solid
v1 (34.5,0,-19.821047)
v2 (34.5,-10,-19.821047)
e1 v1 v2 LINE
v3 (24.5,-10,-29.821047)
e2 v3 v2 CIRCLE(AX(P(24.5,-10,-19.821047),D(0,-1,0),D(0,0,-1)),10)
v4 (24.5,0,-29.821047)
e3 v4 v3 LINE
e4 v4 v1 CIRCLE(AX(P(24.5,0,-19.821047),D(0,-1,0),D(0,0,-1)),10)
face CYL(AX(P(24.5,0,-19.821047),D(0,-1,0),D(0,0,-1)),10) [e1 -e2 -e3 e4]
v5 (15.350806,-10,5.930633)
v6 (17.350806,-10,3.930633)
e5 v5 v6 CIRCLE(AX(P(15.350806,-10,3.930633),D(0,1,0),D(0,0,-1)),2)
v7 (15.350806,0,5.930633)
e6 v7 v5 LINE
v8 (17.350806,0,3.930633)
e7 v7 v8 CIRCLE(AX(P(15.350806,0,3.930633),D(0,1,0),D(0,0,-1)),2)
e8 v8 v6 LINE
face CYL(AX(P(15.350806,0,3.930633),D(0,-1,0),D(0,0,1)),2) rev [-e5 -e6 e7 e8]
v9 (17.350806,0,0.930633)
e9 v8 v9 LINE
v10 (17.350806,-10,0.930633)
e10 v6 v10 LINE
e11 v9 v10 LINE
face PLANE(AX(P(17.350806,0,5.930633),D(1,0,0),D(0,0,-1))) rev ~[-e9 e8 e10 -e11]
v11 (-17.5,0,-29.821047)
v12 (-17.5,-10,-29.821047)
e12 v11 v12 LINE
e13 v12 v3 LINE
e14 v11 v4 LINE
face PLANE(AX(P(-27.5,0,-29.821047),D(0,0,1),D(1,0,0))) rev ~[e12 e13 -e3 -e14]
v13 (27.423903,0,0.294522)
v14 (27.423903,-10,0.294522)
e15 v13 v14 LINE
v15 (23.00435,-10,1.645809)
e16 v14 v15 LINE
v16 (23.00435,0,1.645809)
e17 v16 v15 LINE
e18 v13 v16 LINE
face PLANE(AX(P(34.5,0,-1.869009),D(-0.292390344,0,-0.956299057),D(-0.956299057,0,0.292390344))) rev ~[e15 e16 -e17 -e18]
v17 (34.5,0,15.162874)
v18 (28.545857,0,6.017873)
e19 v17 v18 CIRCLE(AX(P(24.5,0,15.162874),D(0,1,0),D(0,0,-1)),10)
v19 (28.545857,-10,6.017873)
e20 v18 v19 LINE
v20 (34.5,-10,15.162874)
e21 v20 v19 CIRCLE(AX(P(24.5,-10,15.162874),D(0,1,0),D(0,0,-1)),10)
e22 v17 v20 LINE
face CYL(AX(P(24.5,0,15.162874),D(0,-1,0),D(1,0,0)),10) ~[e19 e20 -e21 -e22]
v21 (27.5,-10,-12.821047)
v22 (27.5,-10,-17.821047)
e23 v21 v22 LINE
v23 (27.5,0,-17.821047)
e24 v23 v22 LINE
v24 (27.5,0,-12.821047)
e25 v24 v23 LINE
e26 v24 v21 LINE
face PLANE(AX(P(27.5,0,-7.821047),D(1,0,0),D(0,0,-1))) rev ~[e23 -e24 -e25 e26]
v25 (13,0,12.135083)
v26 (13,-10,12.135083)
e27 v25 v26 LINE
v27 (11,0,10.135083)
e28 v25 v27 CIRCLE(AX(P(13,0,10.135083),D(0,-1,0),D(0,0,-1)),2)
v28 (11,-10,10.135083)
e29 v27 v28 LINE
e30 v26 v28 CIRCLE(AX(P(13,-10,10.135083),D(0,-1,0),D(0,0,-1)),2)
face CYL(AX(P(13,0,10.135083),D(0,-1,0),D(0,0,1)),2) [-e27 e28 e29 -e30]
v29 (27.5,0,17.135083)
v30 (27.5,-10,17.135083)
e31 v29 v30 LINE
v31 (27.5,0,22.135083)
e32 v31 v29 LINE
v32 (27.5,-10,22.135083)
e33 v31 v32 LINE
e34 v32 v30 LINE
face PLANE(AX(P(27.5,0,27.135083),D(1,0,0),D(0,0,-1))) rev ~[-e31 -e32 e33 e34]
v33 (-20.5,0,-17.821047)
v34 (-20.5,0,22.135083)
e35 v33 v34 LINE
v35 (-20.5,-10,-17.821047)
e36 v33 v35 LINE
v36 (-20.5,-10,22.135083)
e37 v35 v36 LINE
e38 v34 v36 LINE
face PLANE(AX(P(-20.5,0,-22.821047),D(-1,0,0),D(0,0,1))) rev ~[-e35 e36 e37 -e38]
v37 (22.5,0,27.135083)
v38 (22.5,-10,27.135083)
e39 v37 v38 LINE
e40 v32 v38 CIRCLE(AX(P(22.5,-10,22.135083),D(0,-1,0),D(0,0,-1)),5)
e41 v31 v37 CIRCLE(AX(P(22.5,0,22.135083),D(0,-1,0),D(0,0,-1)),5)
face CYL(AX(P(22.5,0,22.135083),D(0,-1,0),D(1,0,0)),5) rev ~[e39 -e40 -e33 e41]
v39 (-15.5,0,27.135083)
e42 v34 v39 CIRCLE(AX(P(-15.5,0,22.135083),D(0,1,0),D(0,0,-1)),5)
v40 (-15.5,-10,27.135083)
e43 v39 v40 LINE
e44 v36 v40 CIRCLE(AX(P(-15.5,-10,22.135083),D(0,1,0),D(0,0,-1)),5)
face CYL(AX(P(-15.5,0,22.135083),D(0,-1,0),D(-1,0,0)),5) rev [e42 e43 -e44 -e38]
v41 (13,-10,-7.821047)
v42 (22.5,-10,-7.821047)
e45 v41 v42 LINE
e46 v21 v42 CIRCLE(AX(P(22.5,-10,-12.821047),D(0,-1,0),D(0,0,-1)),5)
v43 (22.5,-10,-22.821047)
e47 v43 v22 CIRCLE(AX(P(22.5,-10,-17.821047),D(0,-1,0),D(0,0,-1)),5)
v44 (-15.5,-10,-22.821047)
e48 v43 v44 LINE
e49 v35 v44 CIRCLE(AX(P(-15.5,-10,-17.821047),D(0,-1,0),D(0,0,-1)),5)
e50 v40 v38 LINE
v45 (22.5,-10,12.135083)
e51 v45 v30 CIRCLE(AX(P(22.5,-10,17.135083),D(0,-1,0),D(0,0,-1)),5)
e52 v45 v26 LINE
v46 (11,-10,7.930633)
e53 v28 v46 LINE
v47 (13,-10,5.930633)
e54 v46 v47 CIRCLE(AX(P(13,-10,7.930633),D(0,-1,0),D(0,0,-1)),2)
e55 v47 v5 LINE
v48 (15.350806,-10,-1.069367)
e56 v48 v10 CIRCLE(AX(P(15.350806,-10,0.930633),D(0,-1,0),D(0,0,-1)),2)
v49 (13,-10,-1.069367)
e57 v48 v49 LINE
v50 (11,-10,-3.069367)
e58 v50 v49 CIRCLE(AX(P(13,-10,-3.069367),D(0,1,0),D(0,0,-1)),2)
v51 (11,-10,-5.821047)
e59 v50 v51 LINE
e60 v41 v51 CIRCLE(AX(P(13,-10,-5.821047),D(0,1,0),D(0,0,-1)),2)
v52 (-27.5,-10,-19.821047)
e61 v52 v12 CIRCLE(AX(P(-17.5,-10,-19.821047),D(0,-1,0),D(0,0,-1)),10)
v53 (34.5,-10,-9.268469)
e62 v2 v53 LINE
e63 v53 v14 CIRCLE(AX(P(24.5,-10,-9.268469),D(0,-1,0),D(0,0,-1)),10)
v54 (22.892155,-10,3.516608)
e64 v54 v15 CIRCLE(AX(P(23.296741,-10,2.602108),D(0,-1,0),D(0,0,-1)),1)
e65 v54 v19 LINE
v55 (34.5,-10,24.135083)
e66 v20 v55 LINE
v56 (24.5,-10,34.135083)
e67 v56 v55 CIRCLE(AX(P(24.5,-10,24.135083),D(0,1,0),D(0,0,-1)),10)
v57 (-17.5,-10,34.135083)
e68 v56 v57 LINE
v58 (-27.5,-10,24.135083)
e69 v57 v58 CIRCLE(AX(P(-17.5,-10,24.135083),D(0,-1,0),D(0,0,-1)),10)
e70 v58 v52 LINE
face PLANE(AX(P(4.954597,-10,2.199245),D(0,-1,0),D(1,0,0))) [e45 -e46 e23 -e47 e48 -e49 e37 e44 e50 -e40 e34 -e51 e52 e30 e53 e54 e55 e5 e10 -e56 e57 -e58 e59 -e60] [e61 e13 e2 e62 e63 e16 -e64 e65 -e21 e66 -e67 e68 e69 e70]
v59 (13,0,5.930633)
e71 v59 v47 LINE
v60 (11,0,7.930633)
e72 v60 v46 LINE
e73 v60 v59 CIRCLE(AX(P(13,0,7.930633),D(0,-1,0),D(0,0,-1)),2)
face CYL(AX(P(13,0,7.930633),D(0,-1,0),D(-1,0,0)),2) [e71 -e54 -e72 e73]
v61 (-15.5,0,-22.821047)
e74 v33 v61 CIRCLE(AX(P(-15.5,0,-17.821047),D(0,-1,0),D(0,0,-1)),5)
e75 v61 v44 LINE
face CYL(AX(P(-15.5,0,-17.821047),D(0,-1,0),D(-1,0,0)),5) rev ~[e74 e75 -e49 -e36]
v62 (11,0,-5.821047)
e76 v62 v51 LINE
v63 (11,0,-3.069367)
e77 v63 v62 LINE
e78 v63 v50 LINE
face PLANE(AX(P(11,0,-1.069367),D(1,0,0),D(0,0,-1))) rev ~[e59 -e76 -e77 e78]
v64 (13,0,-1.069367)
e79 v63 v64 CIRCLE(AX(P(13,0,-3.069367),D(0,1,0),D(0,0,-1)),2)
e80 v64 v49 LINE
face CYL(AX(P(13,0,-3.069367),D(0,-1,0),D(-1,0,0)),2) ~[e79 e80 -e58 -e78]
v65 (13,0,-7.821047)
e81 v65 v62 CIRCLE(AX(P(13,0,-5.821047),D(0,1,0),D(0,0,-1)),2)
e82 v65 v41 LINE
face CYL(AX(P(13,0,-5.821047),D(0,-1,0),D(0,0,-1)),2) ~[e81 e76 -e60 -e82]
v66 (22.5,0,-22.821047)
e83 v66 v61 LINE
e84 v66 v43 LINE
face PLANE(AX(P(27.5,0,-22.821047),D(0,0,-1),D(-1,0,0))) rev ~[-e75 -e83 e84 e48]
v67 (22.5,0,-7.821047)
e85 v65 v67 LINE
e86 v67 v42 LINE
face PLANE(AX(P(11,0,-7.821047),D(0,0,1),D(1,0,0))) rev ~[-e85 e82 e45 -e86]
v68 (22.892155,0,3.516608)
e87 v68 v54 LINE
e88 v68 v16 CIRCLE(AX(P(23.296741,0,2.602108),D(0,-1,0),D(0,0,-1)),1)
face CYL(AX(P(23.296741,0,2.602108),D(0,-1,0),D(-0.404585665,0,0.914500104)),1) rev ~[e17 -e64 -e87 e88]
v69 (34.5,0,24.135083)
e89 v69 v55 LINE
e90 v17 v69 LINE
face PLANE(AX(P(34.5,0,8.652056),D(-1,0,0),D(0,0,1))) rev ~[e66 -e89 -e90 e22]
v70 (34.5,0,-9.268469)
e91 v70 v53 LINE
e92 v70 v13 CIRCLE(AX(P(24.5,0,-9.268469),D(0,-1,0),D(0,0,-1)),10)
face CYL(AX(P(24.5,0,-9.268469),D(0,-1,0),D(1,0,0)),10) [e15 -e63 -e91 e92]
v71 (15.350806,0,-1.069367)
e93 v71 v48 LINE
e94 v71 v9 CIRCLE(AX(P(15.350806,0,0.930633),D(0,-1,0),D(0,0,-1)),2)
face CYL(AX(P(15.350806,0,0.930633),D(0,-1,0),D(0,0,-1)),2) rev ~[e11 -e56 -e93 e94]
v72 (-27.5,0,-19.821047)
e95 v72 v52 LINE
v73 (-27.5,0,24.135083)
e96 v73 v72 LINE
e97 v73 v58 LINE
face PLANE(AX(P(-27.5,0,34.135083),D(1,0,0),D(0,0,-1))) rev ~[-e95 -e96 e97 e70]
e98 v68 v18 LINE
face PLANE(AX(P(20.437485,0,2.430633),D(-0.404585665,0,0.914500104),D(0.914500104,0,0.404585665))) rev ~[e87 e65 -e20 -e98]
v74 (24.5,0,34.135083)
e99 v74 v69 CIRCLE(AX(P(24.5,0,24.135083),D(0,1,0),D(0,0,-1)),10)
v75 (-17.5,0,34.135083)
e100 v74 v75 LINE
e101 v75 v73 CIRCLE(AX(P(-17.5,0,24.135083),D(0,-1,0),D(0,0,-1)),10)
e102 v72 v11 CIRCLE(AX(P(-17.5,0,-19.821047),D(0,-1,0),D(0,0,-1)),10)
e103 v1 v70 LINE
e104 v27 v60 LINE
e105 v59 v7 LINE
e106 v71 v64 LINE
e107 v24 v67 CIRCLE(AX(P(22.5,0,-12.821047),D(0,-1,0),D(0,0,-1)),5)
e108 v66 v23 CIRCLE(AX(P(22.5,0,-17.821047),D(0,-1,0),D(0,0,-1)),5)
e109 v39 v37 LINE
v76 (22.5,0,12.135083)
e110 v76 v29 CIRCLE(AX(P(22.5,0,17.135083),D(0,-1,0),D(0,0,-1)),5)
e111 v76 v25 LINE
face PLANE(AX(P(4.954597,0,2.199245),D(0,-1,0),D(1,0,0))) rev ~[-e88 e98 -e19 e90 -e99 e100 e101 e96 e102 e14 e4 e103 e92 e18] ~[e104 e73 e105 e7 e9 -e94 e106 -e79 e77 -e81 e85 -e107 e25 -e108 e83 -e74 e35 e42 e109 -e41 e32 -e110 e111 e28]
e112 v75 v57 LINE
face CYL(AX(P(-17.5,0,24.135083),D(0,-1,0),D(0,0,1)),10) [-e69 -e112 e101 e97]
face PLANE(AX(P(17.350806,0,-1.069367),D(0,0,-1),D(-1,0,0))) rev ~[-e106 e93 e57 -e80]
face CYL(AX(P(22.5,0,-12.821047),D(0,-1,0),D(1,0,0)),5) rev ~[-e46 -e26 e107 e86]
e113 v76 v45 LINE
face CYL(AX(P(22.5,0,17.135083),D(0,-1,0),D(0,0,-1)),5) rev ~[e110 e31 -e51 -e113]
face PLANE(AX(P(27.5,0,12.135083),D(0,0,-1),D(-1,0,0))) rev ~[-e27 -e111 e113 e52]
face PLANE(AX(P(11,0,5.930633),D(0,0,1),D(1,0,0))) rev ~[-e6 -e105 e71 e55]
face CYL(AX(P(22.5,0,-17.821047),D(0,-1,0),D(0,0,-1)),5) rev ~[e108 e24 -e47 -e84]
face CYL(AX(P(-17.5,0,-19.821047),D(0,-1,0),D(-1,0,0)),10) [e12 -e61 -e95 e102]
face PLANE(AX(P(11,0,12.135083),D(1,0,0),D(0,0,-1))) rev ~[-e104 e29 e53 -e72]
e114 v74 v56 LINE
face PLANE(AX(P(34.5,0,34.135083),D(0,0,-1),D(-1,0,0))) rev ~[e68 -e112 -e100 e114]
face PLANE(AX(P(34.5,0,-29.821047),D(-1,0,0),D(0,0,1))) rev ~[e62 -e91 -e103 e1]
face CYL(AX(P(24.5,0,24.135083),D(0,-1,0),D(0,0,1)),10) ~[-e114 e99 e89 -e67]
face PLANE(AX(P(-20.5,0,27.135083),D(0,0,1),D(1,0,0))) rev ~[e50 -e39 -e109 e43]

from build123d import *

# Parameters (mm, degrees)
F1_DEPTH = 10
F2_R     = 5
F3_R     = 2
F4_R     = 10
F5_R     = 1
F6_R     = 10


with BuildPart() as f1:
    # F0 (on Front) → F1 (new body)
    with BuildSketch(Plane.XZ):
        Polygon((-27.5, 34.135083), (-27.5, -29.821047), (34.5, -29.821047), (34.5, -1.869009), (20.437485, 2.430633), (34.5, 8.652056), (34.5, 34.135083), align=None)
        Polygon((-20.5, 27.135083), (27.5, 27.135083), (27.5, 12.135083), (11, 12.135083), (11, 5.930633), (17.350806, 5.930633), (17.350806, -1.069367), (11, -1.069367), (11, -7.821047), (27.5, -7.821047), (27.5, -22.821047), (-20.5, -22.821047), align=None, mode=Mode.SUBTRACT)
    extrude(amount=F1_DEPTH)

    # F2
    f2_edges = [f1.edges().sort_by_distance(p)[0] for p in [
        (-20.5, -5, 27.135083),
        (27.5, -5, 27.135083),
        (27.5, -5, 12.135083),
        (-20.5, -5, -22.821047),
        (27.5, -5, -22.821047),
        (27.5, -5, -7.821047),
    ]]
    fillet(f2_edges, radius=F2_R)

    # F3
    f3_edges = [f1.edges().sort_by_distance(p)[0] for p in [
        (11, -5, 12.135083),
        (11, -5, 5.930633),
        (17.350806, -5, 5.930633),
        (17.350806, -5, -1.069367),
        (11, -5, -1.069367),
        (11, -5, -7.821047),
    ]]
    fillet(f3_edges, radius=F3_R)

    # F4
    f4_edges = [f1.edges().sort_by_distance(p)[0] for p in [
        (34.5, -5, 34.135083),
        (34.5, -5, 8.652056),
        (34.5, -5, -1.869009),
        (34.5, -5, -29.821047),
    ]]
    fillet(f4_edges, radius=F4_R)

    # F5
    f5_edges = [f1.edges().sort_by_distance(p)[0] for p in [
        (20.437485, -5, 2.430633),
    ]]
    fillet(f5_edges, radius=F5_R)

    # F6
    f6_edges = [f1.edges().sort_by_distance(p)[0] for p in [
        (-27.5, -5, 34.135083),
        (-27.5, -5, -29.821047),
    ]]
    fillet(f6_edges, radius=F6_R)


solid = f1.part
